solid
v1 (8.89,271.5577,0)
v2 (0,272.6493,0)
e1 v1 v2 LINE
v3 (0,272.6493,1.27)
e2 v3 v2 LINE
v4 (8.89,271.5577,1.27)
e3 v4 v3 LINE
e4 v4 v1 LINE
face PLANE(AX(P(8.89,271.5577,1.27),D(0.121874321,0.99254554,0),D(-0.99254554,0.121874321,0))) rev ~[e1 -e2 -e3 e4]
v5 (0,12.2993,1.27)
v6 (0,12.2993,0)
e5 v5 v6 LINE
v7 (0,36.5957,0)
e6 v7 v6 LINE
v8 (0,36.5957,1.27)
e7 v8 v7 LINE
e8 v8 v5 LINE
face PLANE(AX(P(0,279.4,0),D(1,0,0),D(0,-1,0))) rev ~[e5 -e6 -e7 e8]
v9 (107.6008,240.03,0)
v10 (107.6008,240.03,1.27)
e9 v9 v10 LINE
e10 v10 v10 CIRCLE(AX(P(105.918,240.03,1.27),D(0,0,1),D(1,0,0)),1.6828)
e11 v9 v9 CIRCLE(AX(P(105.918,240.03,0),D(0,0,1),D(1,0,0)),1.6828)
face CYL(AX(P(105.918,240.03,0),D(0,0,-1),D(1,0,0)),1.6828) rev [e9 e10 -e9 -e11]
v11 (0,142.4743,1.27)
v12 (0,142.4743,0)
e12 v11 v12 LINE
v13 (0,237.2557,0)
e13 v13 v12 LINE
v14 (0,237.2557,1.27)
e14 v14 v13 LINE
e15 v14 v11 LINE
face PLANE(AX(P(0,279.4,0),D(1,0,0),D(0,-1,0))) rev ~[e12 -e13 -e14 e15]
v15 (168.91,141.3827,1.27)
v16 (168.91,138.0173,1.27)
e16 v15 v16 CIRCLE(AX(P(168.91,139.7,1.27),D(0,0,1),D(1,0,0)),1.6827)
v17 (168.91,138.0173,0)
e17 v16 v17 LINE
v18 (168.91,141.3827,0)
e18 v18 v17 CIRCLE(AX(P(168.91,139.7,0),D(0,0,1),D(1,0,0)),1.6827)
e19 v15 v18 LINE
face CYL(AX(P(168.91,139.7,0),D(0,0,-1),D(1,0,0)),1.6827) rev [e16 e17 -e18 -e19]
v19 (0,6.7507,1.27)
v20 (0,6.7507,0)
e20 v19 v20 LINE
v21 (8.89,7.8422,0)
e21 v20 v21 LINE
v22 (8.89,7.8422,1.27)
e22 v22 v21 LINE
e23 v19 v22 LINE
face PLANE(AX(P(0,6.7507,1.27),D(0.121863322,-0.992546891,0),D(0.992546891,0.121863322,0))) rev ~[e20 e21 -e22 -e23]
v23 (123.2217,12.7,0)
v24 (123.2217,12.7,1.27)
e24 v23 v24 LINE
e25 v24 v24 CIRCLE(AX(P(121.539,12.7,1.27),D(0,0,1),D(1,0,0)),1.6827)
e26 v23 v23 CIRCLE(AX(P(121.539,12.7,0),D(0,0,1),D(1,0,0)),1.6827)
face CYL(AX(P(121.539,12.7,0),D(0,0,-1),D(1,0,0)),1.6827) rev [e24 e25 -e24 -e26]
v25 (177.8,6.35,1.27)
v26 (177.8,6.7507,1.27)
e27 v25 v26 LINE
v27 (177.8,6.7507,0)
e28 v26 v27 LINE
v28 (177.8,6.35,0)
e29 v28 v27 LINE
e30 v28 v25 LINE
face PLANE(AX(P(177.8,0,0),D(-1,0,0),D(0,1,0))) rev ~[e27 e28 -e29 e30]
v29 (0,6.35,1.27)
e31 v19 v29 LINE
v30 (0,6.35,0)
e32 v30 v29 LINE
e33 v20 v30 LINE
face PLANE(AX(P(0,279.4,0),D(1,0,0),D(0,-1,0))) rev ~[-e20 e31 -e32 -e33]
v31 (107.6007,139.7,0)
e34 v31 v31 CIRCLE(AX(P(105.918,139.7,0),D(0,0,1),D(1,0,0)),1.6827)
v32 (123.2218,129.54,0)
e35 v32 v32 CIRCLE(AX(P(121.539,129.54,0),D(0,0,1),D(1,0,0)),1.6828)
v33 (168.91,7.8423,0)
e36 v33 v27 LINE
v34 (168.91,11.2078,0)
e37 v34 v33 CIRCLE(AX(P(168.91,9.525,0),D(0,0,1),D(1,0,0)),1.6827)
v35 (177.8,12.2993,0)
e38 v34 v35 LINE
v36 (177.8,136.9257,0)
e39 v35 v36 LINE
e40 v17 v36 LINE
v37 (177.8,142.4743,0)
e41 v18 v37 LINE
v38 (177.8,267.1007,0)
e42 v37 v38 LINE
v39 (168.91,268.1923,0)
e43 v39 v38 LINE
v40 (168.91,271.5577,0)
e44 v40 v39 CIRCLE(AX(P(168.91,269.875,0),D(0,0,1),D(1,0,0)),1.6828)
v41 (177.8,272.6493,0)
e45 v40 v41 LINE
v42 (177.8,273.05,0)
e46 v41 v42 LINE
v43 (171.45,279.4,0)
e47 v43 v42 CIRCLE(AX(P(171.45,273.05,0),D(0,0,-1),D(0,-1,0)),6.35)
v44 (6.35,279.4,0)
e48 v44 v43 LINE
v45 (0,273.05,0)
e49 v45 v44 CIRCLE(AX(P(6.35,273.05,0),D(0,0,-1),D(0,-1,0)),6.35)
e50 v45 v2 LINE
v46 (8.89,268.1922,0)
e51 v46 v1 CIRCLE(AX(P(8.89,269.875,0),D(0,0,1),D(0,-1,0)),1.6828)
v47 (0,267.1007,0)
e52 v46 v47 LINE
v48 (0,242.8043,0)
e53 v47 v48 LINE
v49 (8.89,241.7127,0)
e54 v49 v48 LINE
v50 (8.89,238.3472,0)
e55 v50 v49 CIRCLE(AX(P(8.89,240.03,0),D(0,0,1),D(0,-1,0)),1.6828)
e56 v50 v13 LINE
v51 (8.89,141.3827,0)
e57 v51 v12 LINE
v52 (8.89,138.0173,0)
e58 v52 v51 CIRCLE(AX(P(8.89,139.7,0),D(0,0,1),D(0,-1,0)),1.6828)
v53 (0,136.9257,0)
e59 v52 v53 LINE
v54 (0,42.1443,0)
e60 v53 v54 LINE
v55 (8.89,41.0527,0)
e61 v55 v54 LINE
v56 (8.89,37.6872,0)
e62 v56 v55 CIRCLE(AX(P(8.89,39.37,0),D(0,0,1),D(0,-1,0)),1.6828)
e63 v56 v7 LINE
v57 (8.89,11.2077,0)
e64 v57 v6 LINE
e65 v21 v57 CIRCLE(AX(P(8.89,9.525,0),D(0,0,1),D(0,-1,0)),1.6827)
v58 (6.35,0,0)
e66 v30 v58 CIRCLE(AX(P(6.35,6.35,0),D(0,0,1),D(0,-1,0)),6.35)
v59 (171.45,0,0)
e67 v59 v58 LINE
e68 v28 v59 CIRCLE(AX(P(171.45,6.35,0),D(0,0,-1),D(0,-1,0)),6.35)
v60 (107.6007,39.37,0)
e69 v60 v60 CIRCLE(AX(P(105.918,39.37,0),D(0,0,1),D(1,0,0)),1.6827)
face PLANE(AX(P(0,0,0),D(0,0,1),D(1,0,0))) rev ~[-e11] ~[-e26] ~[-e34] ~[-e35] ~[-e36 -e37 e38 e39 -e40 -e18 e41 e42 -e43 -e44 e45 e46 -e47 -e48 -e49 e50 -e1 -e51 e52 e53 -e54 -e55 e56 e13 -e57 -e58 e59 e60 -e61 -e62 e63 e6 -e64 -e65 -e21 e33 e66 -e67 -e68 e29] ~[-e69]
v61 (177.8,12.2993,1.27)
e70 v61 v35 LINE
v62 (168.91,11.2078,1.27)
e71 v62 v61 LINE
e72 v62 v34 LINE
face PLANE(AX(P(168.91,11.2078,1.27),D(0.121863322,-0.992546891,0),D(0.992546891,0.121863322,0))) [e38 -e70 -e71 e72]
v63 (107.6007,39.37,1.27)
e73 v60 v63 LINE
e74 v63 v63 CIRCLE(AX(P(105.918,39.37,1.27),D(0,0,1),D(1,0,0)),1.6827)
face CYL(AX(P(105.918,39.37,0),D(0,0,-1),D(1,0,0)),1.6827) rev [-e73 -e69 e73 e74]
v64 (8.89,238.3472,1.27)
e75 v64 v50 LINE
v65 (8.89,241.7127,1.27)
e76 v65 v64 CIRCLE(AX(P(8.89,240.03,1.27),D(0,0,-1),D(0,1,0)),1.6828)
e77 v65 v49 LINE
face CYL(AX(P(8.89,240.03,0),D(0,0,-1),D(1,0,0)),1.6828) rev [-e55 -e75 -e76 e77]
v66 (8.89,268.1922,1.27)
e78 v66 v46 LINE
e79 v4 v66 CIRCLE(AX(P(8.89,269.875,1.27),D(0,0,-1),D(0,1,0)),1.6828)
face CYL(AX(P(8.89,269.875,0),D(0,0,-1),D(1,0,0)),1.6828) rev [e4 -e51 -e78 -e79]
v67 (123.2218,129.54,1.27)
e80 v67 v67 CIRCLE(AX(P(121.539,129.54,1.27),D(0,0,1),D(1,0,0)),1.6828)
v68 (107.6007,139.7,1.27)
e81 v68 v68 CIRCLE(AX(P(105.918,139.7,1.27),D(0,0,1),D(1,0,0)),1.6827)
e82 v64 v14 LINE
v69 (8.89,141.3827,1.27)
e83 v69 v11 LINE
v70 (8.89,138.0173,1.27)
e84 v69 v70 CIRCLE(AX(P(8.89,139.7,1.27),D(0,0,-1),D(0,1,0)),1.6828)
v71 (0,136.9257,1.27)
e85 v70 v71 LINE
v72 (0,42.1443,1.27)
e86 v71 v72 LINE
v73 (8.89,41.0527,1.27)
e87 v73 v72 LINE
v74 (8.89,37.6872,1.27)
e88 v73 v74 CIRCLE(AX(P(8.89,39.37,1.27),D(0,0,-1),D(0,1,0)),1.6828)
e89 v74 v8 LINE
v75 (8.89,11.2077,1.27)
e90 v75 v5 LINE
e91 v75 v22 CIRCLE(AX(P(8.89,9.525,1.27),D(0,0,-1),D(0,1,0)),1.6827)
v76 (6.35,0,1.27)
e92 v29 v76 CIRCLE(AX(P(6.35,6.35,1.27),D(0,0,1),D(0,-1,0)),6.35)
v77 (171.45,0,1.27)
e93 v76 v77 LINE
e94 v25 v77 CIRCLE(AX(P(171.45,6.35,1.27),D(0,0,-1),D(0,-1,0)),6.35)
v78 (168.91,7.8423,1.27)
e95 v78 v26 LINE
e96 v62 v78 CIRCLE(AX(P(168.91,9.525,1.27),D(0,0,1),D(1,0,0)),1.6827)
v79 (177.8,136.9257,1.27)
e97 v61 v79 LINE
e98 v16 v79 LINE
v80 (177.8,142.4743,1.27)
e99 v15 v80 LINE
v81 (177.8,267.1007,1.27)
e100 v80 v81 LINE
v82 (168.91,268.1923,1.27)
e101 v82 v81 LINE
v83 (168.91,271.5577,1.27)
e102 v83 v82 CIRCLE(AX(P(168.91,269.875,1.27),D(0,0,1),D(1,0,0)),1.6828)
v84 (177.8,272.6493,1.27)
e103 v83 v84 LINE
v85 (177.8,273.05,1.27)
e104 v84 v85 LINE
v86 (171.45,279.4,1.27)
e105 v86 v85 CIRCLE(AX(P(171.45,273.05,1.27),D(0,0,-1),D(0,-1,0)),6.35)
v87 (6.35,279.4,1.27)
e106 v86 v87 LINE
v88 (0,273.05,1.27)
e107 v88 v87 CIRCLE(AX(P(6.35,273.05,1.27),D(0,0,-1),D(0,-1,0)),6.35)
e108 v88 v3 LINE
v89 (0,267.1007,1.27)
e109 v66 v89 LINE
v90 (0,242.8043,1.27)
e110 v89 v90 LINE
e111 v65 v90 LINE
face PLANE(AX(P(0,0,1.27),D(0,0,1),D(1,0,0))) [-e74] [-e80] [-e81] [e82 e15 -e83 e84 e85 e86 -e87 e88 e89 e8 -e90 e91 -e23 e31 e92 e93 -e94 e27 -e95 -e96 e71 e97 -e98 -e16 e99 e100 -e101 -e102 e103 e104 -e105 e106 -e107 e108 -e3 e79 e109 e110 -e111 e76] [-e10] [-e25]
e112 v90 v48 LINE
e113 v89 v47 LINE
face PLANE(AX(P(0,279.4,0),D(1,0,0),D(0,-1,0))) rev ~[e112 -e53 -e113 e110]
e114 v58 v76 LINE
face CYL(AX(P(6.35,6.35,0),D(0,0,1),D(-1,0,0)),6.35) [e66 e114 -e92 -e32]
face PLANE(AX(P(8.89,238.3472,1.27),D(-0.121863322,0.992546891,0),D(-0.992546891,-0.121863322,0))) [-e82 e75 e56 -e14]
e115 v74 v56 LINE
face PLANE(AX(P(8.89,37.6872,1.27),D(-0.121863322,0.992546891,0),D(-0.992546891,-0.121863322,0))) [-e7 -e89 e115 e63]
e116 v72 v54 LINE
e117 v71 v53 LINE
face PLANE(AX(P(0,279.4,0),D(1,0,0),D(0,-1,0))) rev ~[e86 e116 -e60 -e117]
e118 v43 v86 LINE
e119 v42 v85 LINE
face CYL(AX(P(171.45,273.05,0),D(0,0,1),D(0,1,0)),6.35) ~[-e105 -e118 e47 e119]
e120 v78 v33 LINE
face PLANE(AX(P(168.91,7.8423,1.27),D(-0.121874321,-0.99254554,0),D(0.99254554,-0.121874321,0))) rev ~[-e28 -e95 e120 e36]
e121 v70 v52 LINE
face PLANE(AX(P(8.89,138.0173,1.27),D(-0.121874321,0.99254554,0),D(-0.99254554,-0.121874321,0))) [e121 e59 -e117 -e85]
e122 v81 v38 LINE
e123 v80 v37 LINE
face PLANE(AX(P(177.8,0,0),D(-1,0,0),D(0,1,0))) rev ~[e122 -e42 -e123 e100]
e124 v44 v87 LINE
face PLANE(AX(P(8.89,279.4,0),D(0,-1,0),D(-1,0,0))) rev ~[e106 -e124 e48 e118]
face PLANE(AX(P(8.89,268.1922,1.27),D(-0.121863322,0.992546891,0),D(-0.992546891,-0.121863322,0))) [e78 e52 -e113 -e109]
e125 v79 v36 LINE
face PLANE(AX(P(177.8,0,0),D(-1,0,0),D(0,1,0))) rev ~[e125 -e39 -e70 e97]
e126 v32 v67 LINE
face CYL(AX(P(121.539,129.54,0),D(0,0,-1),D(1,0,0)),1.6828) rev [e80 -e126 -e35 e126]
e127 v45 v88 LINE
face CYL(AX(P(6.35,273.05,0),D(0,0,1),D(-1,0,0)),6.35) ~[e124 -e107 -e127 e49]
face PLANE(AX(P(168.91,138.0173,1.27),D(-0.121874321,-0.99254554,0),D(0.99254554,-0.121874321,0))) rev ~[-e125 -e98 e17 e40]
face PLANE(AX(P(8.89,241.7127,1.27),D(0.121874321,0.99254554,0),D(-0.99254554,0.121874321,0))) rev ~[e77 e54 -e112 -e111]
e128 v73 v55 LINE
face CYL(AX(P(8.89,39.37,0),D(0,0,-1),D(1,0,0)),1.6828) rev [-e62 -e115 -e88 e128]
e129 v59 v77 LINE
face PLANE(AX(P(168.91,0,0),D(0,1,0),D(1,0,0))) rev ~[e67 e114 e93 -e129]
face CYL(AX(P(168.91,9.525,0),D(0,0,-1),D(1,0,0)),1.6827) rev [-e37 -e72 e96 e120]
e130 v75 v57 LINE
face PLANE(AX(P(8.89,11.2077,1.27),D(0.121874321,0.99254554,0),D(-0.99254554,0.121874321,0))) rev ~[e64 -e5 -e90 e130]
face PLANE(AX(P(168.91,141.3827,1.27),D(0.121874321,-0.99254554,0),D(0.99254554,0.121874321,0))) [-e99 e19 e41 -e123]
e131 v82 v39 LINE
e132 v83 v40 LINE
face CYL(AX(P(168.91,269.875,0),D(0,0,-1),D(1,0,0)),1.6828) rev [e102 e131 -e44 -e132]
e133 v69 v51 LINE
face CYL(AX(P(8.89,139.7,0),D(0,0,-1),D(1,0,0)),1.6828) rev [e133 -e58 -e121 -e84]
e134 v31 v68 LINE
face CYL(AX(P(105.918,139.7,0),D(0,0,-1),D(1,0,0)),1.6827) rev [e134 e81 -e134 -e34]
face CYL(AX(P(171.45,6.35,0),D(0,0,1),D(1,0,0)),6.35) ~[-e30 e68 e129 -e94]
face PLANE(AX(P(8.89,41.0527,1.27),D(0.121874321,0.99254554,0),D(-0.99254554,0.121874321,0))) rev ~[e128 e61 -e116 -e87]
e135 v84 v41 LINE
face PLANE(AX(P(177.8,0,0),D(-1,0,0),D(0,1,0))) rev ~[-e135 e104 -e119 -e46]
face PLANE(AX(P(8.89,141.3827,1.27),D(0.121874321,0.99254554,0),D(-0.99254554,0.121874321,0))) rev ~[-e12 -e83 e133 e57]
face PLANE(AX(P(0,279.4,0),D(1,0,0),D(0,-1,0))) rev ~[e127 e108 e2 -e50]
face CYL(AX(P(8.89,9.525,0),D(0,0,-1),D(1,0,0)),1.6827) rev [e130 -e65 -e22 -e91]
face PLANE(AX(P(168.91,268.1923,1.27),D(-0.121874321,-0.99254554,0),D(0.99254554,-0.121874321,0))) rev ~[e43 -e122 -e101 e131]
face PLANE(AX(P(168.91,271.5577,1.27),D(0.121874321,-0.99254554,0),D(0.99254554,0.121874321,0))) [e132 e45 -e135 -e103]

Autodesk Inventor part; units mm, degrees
ref_plane "YZ Plane" through (0, 0, 0) normal (1, 0, 0) x (0, 1, 0)
ref_plane "XZ Plane" through (0, 0, 0) normal (0, 1, 0) x (-1, 0, 0)
ref_plane "XY Plane" through (0, 0, 0) normal (0, 0, 1) x (1, 0, 0)
sketch "Sketch1" plane through (0, 0, 0) normal (0, 0, 1) x (1, 0, 0)
  line L0 (0, 0) -> (177.8, 0)
  line L1 (177.8, 0) -> (177.8, 279.4)
  line L2 (177.8, 279.4) -> (0, 279.4)
  line L3 (0, 279.4) -> (0, 0)
  line L4 (8.89, 279.4) -> (168.91, 279.4)
  line L5 (168.91, 0) -> (8.89, 0)
  circle A0 centre (8.89, 139.7) radius 1.6828
  circle A1 centre (8.89, 269.875) radius 1.6828
  circle A2 centre (8.89, 9.525) radius 1.6827
  circle A3 centre (168.91, 9.525) radius 1.6827
  circle A4 centre (168.91, 139.7) radius 1.6827
  circle A5 centre (168.91, 269.875) radius 1.6828
  line L6 (13.843, 279.4) -> (163.957, 279.4)
  line L7 (163.957, 0) -> (13.843, 0)
  circle A6 centre (8.89, 240.03) radius 1.6828
  circle A7 centre (8.89, 39.37) radius 1.6828
  circle A8 centre (105.918, 39.37) radius 1.6827
  circle A9 centre (105.918, 139.7) radius 1.6827
  circle A10 centre (105.918, 240.03) radius 1.6828
  circle A11 centre (121.539, 12.7) radius 1.6827
  circle A12 centre (121.539, 129.54) radius 1.6828
  dimension "d0" = 177.8
  dimension "d1" = 279.4
  dimension "d12" = 3.3655
  dimension "d15" = 3.3655
  dimension "d16" = 3.3655
  dimension "d17" = 3.3655
  dimension "d18" = 3.3655
  dimension "d19" = 3.3655
  dimension "d27" = 3.3655
  dimension "d28" = 3.3655
  dimension "d31" = 3.3655
  dimension "d32" = 3.3655
  dimension "d33" = 3.3655
  dimension "d42" = 3.3655
  dimension "d43" = 3.3655
  dimension "d50" = 8.89
  dimension "d51" = 105.918
  dimension "d52" = 121.539
  dimension "d53" = 168.91
  dimension "d54" = 9.525
  dimension "d55" = 39.37
  dimension "d56" = 12.7
  dimension "d57" = 139.7
  dimension "d58" = 129.54
  dimension "d59" = 240.03
  dimension "d60" = 269.875
extrude "Extrusion1" add sketch "Sketch1" along normal blind 1.27
fillet "Fillet1" radius 6.35 4 edges at (0, 279.4, 0.635) (177.8, 279.4, 0.635) (0, 0, 0.635) (177.8, 0, 0.635)
sketch "Sketch2" plane through (0, 0, 1.27) normal (0, 0, 1) x (1, 0, 0)
  arc A0 (171.45, 0) -> (177.8, 6.35) centre (171.45, 6.35) ccw projected
  line L0 (177.8, 6.35) -> (177.8, 273.05) projected
  arc A1 (177.8, 273.05) -> (171.45, 279.4) centre (171.45, 273.05) ccw projected
  line L1 (171.45, 279.4) -> (6.35, 279.4) projected
  arc A2 (6.35, 279.4) -> (0, 273.05) centre (6.35, 273.05) ccw projected
  line L2 (0, 273.05) -> (0, 6.35) projected
  arc A3 (0, 6.35) -> (6.35, 0) centre (6.35, 6.35) ccw projected
  line L3 (6.35, 0) -> (171.45, 0) projected
  circle A4 centre (121.539, 129.54) radius 1.6828 projected
  circle A5 centre (121.539, 12.7) radius 1.6827 projected
  circle A6 centre (105.918, 240.03) radius 1.6828 projected
  circle A7 centre (105.918, 139.7) radius 1.6827 projected
  circle A8 centre (105.918, 39.37) radius 1.6827 projected
  circle A9 centre (8.89, 39.37) radius 1.6828 projected
  circle A10 centre (8.89, 240.03) radius 1.6828 projected
  circle A11 centre (168.91, 269.875) radius 1.6828 projected
  circle A12 centre (168.91, 139.7) radius 1.6827 projected
  circle A13 centre (168.91, 9.525) radius 1.6827 projected
  circle A14 centre (8.89, 9.525) radius 1.6827 projected
  circle A15 centre (8.89, 269.875) radius 1.6828 projected
  circle A16 centre (8.89, 139.7) radius 1.6828 projected
  line L4 (8.89, 141.3827) -> (0, 142.4743)
  line L5 (8.89, 138.0173) -> (0, 136.9257)
  line L6 (0, 142.4743) -> (0, 136.9257)
  arc A17 (8.89, 141.3827) -> (8.89, 138.0173) centre (8.89, 139.7) ccw
  line L7 (8.89, 141.3827) -> (0, 142.4743)
  line L8 (8.89, 138.0173) -> (0, 136.9257)
  line L9 (0, 142.4743) -> (0, 136.9257)
  arc A18 (8.89, 141.3827) -> (8.89, 138.0173) centre (8.89, 139.7) ccw
  line L10 (8.89, 241.7127) -> (0, 242.8043)
  line L11 (8.89, 238.3472) -> (0, 237.2557)
  line L12 (0, 242.8043) -> (0, 237.2557)
  arc A19 (8.89, 241.7127) -> (8.89, 238.3472) centre (8.89, 240.03) ccw
  line L13 (8.89, 271.5577) -> (0, 272.6493)
  line L14 (8.89, 268.1922) -> (0, 267.1007)
  line L15 (0, 272.6493) -> (0, 267.1007)
  arc A20 (8.89, 271.5577) -> (8.89, 268.1922) centre (8.89, 269.875) ccw
  line L16 (8.89, 41.0527) -> (0, 42.1443)
  line L17 (8.89, 37.6872) -> (0, 36.5957)
  line L18 (0, 42.1443) -> (0, 36.5957)
  arc A21 (8.89, 41.0527) -> (8.89, 37.6872) centre (8.89, 39.37) ccw
  line L19 (8.89, 11.2077) -> (0, 12.2993)
  line L20 (8.89, 7.8422) -> (0, 6.7507)
  line L21 (0, 12.2993) -> (0, 6.7507)
  arc A22 (8.89, 11.2077) -> (8.89, 7.8422) centre (8.89, 9.525) ccw
  line L22 (168.91, 138.0173) -> (177.8, 136.9257)
  line L23 (168.91, 141.3827) -> (177.8, 142.4743)
  line L24 (177.8, 136.9257) -> (177.8, 142.4743)
  arc A23 (168.91, 138.0173) -> (168.91, 141.3827) centre (168.91, 139.7) ccw
  line L25 (168.91, 138.0173) -> (177.8, 136.9257)
  line L26 (168.91, 141.3827) -> (177.8, 142.4743)
  line L27 (177.8, 136.9257) -> (177.8, 142.4743)
  arc A24 (168.91, 138.0173) -> (168.91, 141.3827) centre (168.91, 139.7) ccw
  line L28 (168.91, 268.1923) -> (177.8, 267.1007)
  line L29 (168.91, 271.5577) -> (177.8, 272.6493)
  line L30 (177.8, 267.1007) -> (177.8, 272.6493)
  arc A25 (168.91, 268.1923) -> (168.91, 271.5577) centre (168.91, 269.875) ccw
  line L31 (168.91, 7.8423) -> (177.8, 6.7507)
  line L32 (168.91, 11.2078) -> (177.8, 12.2993)
  line L33 (177.8, 6.7507) -> (177.8, 12.2993)
  arc A26 (168.91, 7.8423) -> (168.91, 11.2078) centre (168.91, 9.525) ccw
  point P0 (0, 0)
extrude "Extrusion2" cut sketch "Sketch2" against normal blind 1.27 contours L31 A13 L32 L0 | L22 A12 L23 L0 | L2 L4 A16 L5 | L2 L13 A15 L14
sketch "Sketch3" plane through (0, 0, 1.27) normal (0, 0, 1) x (1, 0, 0)
  circle A0 centre (8.89, 9.525) radius 1.6827 projected
  circle A1 centre (168.91, 269.875) radius 1.6828 projected
  circle A2 centre (8.89, 240.03) radius 1.6828 projected
  circle A3 centre (8.89, 39.37) radius 1.6828 projected
  circle A4 centre (105.918, 39.37) radius 1.6827 projected
  circle A5 centre (105.918, 139.7) radius 1.6827 projected
  circle A6 centre (105.918, 240.03) radius 1.6828 projected
  circle A7 centre (121.539, 12.7) radius 1.6827 projected
  circle A8 centre (121.539, 129.54) radius 1.6828 projected
  line L0 (8.89, 268.1922) -> (0, 267.1007) projected
  line L1 (0, 267.1007) -> (0, 142.4743) projected
  line L2 (0, 142.4743) -> (8.89, 141.3827) projected
  arc A9 (8.89, 138.0173) -> (8.89, 141.3827) centre (8.89, 139.7) ccw projected
  line L3 (8.89, 138.0173) -> (0, 136.9257) projected
  line L4 (0, 136.9257) -> (0, 6.35) projected
  arc A10 (0, 6.35) -> (6.35, 0) centre (6.35, 6.35) ccw projected
  line L5 (6.35, 0) -> (171.45, 0) projected
  arc A11 (171.45, 0) -> (177.8, 6.35) centre (171.45, 6.35) ccw projected
  line L6 (177.8, 6.35) -> (177.8, 6.7507) projected
  line L7 (177.8, 6.7507) -> (168.91, 7.8423) projected
  arc A12 (168.91, 11.2078) -> (168.91, 7.8423) centre (168.91, 9.525) ccw projected
  line L8 (168.91, 11.2078) -> (177.8, 12.2993) projected
  line L9 (177.8, 12.2993) -> (177.8, 136.9257) projected
  line L10 (177.8, 136.9257) -> (168.91, 138.0173) projected
  arc A13 (168.91, 141.3827) -> (168.91, 138.0173) centre (168.91, 139.7) ccw projected
  line L11 (168.91, 141.3827) -> (177.8, 142.4743) projected
  line L12 (177.8, 142.4743) -> (177.8, 273.05) projected
  arc A14 (177.8, 273.05) -> (171.45, 279.4) centre (171.45, 273.05) ccw projected
  line L13 (171.45, 279.4) -> (6.35, 279.4) projected
  arc A15 (6.35, 279.4) -> (0, 273.05) centre (6.35, 273.05) ccw projected
  line L14 (0, 273.05) -> (0, 272.6493) projected
  line L15 (0, 272.6493) -> (8.89, 271.5577) projected
  arc A16 (8.89, 268.1922) -> (8.89, 271.5577) centre (8.89, 269.875) ccw projected
  line L16 (8.89, 11.2077) -> (0, 12.2993)
  line L17 (0, 12.2993) -> (0, 6.7507)
  line L18 (0, 6.7507) -> (8.89, 7.8422)
  arc A17 (8.89, 11.2077) -> (8.89, 7.8422) centre (8.89, 9.525) ccw
  point P0 (0, 0)
extrude "Extrusion3" cut sketch "Sketch3" against normal blind 1.27 contours A0 L18 L4 L16
sketch "Sketch4" plane through (0, 0, 1.27) normal (0, 0, 1) x (1, 0, 0)
  circle A0 centre (121.539, 129.54) radius 1.6828 projected
  circle A1 centre (121.539, 12.7) radius 1.6827 projected
  circle A2 centre (105.918, 240.03) radius 1.6828 projected
  circle A3 centre (105.918, 139.7) radius 1.6827 projected
  circle A4 centre (105.918, 39.37) radius 1.6827 projected
  circle A5 centre (8.89, 39.37) radius 1.6828 projected
  circle A6 centre (8.89, 240.03) radius 1.6828 projected
  circle A7 centre (168.91, 269.875) radius 1.6828 projected
  line L0 (8.89, 7.8422) -> (0, 6.7507) projected
  line L1 (0, 6.7507) -> (0, 6.35) projected
  arc A8 (0, 6.35) -> (6.35, 0) centre (6.35, 6.35) ccw projected
  line L2 (6.35, 0) -> (171.45, 0) projected
  arc A9 (171.45, 0) -> (177.8, 6.35) centre (171.45, 6.35) ccw projected
  line L3 (177.8, 6.35) -> (177.8, 6.7507) projected
  line L4 (177.8, 6.7507) -> (168.91, 7.8423) projected
  arc A10 (168.91, 11.2078) -> (168.91, 7.8423) centre (168.91, 9.525) ccw projected
  line L5 (168.91, 11.2078) -> (177.8, 12.2993) projected
  line L6 (177.8, 12.2993) -> (177.8, 136.9257) projected
  line L7 (177.8, 136.9257) -> (168.91, 138.0173) projected
  arc A11 (168.91, 141.3827) -> (168.91, 138.0173) centre (168.91, 139.7) ccw projected
  line L8 (168.91, 141.3827) -> (177.8, 142.4743) projected
  line L9 (177.8, 142.4743) -> (177.8, 273.05) projected
  arc A12 (177.8, 273.05) -> (171.45, 279.4) centre (171.45, 273.05) ccw projected
  line L10 (171.45, 279.4) -> (6.35, 279.4) projected
  arc A13 (6.35, 279.4) -> (0, 273.05) centre (6.35, 273.05) ccw projected
  line L11 (0, 273.05) -> (0, 272.6493) projected
  line L12 (0, 272.6493) -> (8.89, 271.5577) projected
  arc A14 (8.89, 268.1922) -> (8.89, 271.5577) centre (8.89, 269.875) ccw projected
  line L13 (8.89, 268.1922) -> (0, 267.1007) projected
  line L14 (0, 267.1007) -> (0, 142.4743) projected
  line L15 (0, 142.4743) -> (8.89, 141.3827) projected
  arc A15 (8.89, 138.0173) -> (8.89, 141.3827) centre (8.89, 139.7) ccw projected
  line L16 (8.89, 138.0173) -> (0, 136.9257) projected
  line L17 (0, 136.9257) -> (0, 12.2993) projected
  line L18 (0, 12.2993) -> (8.89, 11.2077) projected
  arc A16 (8.89, 7.8422) -> (8.89, 11.2077) centre (8.89, 9.525) ccw projected
  line L19 (8.89, 41.0527) -> (0, 42.1443)
  line L20 (8.89, 37.6872) -> (0, 36.5957)
  line L21 (0, 42.1443) -> (0, 36.5957)
  arc A17 (8.89, 41.0527) -> (8.89, 37.6872) centre (8.89, 39.37) ccw
  line L22 (8.89, 241.7127) -> (0, 242.8043)
  line L23 (8.89, 238.3472) -> (0, 237.2557)
  line L24 (0, 237.2557) -> (0, 242.8043)
  arc A18 (8.89, 241.7127) -> (8.89, 238.3472) centre (8.89, 240.03) ccw
  line L25 (168.91, 271.5577) -> (177.8, 272.6493)
  line L26 (168.91, 268.1923) -> (177.8, 267.1007)
  line L27 (177.8, 267.1007) -> (177.8, 272.6493)
  arc A19 (168.91, 268.1923) -> (168.91, 271.5577) centre (168.91, 269.875) ccw
  point P0 (0, 0)
extrude "Extrusion4" cut sketch "Sketch2" against normal blind 1.27 contours L2 L16 A9 L17 | L28 A11 L29 L0 | L2 L10 A10 L11
properties part number "MainBoard"
